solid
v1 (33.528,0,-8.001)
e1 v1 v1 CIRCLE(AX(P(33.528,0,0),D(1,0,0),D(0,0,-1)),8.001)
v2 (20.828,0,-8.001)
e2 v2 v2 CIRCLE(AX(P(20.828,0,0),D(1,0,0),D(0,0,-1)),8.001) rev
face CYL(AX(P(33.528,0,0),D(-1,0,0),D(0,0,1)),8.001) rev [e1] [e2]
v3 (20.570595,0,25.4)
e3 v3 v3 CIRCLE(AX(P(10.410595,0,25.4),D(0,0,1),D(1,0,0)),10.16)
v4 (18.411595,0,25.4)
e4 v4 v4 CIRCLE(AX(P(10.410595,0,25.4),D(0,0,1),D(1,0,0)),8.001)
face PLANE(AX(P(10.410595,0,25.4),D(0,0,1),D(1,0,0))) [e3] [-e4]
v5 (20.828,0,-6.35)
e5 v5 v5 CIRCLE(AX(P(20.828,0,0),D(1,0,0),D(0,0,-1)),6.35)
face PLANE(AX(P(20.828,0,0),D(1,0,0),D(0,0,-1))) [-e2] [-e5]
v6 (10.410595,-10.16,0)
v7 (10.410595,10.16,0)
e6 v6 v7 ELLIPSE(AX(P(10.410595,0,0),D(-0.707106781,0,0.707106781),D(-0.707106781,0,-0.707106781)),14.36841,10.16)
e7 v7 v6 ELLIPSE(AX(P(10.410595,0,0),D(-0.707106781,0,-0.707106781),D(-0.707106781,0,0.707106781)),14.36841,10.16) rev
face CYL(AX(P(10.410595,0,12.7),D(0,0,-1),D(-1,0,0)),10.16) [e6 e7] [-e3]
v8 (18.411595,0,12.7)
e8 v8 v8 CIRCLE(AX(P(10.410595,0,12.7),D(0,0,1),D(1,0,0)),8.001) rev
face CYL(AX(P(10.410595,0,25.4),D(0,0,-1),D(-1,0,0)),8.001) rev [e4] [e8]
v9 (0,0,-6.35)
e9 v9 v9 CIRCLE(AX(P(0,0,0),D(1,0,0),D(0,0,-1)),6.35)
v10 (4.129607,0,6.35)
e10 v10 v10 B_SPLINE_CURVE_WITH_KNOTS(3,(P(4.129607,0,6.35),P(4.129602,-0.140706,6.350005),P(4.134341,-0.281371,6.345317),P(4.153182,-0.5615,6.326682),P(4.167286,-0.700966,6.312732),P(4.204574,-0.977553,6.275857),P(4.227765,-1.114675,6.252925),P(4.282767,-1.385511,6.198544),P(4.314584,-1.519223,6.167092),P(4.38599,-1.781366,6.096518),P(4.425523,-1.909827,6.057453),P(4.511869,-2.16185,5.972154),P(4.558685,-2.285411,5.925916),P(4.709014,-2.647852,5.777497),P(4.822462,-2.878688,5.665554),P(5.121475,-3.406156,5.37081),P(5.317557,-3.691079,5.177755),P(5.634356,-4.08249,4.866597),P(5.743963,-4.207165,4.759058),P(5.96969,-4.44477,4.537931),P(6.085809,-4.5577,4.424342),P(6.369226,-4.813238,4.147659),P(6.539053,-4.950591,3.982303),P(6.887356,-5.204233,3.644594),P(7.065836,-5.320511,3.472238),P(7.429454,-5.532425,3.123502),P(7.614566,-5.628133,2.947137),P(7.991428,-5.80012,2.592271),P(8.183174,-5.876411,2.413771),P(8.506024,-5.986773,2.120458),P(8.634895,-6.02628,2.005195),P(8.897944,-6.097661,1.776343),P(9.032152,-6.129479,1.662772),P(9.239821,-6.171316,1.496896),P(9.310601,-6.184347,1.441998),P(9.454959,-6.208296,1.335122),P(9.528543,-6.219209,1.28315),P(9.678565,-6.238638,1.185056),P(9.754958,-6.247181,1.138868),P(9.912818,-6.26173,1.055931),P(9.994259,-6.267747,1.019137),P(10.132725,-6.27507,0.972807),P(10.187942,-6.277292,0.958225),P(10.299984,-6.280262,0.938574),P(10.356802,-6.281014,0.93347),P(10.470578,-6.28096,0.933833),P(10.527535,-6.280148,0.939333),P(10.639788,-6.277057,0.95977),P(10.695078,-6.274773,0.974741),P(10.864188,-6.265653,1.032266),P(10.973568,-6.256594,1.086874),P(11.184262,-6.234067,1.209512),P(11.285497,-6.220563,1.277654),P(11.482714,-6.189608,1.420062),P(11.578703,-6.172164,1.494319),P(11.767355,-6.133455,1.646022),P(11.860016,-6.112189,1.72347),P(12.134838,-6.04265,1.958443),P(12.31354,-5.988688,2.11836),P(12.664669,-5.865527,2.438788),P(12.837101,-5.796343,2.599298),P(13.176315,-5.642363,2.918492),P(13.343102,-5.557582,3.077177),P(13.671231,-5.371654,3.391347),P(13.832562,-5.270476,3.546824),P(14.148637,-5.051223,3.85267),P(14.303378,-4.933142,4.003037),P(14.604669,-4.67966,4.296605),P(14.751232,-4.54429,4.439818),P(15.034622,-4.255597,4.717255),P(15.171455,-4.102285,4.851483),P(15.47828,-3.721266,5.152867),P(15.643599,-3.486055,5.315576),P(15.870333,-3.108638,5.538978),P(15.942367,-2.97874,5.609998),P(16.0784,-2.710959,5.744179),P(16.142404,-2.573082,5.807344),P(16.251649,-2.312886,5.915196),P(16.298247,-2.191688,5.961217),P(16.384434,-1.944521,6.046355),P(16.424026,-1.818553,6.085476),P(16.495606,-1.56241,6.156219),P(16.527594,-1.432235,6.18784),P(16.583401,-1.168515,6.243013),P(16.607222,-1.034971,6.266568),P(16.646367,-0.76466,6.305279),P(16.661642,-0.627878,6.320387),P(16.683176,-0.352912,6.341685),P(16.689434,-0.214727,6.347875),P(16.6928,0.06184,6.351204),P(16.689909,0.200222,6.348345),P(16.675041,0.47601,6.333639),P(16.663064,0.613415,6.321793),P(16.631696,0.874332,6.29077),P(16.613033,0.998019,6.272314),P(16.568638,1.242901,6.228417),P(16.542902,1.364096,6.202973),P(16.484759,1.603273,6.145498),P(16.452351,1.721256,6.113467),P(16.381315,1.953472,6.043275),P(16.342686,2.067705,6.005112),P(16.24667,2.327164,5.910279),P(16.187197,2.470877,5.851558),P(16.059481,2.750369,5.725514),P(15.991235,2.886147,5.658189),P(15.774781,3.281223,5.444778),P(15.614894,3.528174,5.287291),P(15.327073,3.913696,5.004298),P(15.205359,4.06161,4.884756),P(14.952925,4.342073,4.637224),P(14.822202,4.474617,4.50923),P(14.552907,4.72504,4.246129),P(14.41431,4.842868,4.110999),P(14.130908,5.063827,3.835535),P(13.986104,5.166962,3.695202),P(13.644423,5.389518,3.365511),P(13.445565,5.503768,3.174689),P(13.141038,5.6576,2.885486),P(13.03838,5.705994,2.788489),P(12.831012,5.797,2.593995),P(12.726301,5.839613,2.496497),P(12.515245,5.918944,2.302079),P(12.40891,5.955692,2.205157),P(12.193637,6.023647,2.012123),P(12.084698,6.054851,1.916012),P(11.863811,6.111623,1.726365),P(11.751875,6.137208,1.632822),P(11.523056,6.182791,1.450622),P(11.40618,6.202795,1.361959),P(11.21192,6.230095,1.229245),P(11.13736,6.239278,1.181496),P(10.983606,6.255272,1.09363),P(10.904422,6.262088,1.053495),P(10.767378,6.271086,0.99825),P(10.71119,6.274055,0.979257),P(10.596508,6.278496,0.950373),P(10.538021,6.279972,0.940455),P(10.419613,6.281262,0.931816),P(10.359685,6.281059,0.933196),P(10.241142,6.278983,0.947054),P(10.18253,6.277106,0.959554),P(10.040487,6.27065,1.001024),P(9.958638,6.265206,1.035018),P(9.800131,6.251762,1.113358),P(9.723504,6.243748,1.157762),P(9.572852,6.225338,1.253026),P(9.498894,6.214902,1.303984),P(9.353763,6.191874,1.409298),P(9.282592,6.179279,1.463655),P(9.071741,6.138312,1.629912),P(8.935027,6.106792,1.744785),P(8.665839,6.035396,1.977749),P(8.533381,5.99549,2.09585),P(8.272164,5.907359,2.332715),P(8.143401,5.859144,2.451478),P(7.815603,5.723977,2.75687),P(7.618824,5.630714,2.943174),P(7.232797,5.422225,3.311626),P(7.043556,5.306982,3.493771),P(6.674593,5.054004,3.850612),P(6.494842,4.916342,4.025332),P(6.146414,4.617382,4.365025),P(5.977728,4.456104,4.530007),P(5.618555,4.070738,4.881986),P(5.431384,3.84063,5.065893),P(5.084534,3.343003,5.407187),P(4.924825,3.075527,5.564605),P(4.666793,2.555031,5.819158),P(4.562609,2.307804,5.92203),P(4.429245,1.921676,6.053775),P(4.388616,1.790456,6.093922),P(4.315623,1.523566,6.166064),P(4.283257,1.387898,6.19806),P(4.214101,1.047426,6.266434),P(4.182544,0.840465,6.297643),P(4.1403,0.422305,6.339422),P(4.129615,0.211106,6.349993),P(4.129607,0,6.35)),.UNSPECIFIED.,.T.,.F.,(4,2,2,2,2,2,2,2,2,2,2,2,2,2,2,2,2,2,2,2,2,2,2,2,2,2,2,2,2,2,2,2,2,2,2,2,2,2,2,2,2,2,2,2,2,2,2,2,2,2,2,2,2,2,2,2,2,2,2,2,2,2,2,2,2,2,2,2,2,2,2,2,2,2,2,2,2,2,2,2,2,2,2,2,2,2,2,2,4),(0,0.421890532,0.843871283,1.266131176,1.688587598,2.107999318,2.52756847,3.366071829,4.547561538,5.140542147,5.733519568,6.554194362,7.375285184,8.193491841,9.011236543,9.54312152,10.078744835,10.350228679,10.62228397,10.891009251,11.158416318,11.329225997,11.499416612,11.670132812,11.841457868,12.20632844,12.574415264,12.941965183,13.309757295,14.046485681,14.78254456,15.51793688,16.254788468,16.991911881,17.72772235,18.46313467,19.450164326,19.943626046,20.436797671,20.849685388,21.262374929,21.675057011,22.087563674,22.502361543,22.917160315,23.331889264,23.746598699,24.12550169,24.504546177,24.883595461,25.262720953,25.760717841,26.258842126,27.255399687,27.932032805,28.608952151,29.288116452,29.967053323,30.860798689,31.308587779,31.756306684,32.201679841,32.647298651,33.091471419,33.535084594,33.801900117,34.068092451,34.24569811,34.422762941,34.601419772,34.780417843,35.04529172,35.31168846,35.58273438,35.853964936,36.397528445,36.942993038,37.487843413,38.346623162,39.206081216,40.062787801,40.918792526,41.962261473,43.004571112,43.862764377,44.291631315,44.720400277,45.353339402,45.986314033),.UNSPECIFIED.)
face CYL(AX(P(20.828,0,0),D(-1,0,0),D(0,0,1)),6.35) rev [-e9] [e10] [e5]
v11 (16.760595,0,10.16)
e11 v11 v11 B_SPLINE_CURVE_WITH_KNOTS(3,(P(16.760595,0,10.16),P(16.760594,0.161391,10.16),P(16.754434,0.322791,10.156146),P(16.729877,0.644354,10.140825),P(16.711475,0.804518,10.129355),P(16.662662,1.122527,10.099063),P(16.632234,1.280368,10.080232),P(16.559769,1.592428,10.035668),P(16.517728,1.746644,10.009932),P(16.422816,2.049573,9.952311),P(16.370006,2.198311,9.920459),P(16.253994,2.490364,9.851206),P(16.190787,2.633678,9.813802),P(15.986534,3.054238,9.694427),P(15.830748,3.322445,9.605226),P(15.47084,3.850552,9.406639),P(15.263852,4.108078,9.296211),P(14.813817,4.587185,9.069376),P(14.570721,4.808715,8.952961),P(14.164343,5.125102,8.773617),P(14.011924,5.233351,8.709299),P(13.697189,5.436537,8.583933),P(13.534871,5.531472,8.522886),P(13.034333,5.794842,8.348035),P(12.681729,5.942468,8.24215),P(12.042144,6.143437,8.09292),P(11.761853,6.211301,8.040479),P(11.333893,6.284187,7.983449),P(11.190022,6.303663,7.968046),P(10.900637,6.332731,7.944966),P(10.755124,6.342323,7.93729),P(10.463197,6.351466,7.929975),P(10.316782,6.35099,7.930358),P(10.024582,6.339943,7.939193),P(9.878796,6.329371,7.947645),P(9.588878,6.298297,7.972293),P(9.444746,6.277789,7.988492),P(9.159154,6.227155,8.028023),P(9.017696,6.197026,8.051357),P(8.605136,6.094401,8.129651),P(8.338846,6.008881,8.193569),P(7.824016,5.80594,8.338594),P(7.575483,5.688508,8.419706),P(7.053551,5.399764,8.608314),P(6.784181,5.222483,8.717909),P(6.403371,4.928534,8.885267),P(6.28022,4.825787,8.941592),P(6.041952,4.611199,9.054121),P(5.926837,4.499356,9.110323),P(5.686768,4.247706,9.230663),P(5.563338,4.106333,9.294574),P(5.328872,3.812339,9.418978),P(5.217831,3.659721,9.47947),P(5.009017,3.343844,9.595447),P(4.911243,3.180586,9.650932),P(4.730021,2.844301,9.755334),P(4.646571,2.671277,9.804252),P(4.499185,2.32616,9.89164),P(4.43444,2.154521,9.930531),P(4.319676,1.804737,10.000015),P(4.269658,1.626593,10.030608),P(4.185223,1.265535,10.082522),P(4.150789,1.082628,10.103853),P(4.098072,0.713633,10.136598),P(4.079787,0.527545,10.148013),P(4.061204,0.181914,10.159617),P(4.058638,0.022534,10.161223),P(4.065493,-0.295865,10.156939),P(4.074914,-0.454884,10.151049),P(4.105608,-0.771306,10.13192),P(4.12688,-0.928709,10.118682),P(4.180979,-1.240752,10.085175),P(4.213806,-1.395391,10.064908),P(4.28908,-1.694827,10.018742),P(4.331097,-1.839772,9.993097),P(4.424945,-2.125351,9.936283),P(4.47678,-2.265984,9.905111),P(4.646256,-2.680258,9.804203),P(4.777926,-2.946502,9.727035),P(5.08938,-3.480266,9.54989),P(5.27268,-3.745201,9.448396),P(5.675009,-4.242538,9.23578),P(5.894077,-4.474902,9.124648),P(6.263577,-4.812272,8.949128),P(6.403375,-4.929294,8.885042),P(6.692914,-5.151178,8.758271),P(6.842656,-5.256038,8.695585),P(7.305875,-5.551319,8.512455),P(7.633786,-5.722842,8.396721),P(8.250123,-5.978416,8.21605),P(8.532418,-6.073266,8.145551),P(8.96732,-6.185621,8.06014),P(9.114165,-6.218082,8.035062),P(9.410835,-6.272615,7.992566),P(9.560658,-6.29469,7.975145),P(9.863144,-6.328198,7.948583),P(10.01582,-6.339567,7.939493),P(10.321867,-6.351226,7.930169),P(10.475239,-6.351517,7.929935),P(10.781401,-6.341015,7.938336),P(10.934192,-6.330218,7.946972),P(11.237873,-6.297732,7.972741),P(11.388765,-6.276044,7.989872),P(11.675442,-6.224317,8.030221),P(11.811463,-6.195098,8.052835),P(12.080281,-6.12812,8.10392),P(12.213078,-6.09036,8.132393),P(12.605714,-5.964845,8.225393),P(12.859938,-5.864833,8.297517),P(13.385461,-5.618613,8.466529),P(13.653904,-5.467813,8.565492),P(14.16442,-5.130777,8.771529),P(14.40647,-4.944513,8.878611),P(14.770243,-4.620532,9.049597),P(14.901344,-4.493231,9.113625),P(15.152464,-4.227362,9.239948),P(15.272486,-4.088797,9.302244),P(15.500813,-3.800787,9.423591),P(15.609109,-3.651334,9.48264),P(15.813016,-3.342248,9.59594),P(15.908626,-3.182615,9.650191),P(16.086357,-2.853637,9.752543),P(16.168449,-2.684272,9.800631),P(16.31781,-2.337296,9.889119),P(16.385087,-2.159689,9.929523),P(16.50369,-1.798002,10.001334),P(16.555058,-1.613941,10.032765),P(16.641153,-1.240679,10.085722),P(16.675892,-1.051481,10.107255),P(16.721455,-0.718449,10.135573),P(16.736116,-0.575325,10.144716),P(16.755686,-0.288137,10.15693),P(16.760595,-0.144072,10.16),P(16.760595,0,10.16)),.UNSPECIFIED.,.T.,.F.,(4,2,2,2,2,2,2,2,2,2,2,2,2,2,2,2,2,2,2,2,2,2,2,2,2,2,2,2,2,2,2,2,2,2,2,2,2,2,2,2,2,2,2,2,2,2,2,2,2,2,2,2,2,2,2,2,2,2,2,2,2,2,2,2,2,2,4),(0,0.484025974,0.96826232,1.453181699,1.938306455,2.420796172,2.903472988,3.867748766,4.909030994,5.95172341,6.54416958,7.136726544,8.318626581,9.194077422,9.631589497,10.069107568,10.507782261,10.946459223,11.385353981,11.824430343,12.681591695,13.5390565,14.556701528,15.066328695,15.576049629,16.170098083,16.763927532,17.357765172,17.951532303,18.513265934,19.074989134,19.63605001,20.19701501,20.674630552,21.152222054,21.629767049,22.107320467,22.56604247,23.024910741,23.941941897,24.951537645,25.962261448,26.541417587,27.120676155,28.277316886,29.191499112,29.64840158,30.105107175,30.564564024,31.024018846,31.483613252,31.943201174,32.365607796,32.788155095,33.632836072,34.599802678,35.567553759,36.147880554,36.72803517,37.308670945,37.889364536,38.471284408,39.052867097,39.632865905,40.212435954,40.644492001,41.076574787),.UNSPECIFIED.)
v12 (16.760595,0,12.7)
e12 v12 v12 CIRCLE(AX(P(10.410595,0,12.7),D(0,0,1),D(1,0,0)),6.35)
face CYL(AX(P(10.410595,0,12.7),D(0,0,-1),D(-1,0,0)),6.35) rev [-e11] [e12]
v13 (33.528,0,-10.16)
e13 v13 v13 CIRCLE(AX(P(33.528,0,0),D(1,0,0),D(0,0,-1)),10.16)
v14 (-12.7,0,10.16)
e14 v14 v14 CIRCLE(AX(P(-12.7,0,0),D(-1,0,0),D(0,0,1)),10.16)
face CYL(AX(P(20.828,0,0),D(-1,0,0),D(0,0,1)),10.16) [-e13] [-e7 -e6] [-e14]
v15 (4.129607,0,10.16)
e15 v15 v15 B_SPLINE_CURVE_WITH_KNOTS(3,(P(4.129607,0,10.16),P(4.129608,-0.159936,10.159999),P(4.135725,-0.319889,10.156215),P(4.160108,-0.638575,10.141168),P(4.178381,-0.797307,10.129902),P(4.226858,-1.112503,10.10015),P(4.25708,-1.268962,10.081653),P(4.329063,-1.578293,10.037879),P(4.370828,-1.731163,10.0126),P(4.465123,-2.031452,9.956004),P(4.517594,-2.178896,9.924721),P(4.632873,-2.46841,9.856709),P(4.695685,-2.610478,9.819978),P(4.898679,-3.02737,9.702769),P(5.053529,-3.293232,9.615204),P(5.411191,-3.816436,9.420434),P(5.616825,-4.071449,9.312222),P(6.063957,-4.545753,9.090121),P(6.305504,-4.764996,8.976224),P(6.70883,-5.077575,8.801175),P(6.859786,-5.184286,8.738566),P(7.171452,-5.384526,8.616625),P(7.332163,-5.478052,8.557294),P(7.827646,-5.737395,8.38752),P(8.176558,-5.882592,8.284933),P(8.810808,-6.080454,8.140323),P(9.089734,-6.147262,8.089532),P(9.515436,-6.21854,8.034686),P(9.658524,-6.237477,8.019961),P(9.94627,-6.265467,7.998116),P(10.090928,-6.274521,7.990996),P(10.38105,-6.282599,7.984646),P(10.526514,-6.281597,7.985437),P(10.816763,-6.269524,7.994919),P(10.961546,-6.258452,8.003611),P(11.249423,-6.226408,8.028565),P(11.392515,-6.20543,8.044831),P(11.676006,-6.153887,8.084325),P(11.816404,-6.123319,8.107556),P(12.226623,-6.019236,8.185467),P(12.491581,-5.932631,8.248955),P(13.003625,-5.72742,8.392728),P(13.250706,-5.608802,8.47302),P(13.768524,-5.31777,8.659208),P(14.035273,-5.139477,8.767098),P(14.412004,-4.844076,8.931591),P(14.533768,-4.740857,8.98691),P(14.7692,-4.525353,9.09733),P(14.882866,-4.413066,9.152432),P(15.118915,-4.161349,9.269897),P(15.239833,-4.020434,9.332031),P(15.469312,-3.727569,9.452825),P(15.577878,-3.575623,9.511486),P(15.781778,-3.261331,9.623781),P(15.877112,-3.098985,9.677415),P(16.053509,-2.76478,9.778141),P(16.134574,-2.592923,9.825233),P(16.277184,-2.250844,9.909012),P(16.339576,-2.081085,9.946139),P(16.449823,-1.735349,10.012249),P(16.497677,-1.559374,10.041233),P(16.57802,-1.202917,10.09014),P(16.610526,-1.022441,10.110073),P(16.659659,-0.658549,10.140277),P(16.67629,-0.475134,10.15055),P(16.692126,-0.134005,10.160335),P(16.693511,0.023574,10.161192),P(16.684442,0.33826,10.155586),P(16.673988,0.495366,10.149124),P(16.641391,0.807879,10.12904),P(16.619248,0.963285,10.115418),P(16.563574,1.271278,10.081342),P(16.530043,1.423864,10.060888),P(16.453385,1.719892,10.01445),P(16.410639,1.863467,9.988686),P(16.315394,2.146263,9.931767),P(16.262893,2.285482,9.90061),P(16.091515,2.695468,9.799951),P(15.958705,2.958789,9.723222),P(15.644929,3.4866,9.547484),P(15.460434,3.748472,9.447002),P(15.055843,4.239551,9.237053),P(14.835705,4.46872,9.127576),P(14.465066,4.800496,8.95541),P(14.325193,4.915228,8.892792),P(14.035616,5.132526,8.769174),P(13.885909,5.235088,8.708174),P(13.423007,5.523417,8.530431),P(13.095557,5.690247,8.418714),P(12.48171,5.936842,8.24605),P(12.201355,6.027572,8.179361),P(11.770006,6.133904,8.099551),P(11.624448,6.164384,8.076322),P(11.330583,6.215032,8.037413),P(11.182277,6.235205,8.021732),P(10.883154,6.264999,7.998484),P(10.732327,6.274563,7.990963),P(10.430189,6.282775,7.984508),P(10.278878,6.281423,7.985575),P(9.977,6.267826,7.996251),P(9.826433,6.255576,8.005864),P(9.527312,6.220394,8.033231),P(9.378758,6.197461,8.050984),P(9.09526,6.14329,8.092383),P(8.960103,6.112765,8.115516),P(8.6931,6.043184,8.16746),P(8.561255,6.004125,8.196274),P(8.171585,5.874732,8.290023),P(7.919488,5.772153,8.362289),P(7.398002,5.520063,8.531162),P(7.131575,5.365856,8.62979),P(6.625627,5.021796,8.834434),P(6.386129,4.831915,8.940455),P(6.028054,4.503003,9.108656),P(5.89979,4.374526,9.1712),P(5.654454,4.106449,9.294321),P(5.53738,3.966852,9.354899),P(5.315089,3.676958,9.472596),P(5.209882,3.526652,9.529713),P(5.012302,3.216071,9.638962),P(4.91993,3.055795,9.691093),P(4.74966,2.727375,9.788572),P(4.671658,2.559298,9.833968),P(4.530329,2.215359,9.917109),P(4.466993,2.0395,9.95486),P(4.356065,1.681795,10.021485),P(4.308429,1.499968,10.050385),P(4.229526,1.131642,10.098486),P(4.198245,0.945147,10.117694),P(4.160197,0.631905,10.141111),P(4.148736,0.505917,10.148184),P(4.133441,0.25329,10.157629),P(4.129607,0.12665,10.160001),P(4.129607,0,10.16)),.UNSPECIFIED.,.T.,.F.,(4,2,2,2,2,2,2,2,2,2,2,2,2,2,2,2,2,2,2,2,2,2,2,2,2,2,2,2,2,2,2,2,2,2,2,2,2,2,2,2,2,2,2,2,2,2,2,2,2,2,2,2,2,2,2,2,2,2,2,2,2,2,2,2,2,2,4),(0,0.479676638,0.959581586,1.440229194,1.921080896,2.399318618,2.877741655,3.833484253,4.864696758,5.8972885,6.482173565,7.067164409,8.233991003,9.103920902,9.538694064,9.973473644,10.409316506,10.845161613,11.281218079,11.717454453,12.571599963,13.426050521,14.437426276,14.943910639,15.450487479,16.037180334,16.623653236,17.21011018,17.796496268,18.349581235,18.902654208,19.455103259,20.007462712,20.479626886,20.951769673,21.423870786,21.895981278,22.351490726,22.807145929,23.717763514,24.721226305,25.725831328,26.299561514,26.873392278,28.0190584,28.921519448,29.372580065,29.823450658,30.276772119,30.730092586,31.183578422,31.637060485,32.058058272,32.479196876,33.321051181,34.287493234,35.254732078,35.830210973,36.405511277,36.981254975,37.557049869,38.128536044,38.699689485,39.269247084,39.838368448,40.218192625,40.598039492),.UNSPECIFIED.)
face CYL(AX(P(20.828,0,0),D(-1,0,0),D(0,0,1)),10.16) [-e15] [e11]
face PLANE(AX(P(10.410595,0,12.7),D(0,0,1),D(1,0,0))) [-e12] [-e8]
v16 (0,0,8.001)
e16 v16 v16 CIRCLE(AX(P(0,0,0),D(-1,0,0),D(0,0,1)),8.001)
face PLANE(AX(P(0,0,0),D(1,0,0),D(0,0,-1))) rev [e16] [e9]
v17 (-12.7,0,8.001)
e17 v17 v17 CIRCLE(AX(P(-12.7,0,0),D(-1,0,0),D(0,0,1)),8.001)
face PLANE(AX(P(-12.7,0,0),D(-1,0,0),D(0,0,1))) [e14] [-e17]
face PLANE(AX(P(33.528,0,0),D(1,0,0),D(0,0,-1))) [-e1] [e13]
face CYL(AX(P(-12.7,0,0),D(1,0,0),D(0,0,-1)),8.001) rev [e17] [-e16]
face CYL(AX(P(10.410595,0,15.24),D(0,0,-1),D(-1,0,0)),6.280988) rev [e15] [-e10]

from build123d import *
from build123d.topology import SkipClean

# Parameters (mm, degrees)
SKETCH1_R               = 10.16
SKETCH1_R_2             = 6.35
BOSS_EXTRUDE2_DEPTH     = 20.828
SKETCH8_R               = 10.16
SKETCH8_R_2             = 6.35
BOSS_EXTRUDE5_DEPTH     = 12.7
BOSS_EXTRUDE6_START     = 12.7
SKETCH2_R               = 10.16
SKETCH2_R_2             = 8.001
BOSS_EXTRUDE6_DEPTH     = 12.7
SKETCH3_R               = 10.16
SKETCH3_R_2             = 8.001
BOSS_EXTRUDE7_DEPTH     = 12.7
SKETCH9_R               = 10.16
SKETCH9_R_2             = 8.001
BOSS_EXTRUDE8_DEPTH     = 12.7
CUT_EXTRUDE1_DEPTH      = 15.24
CUT_EXTRUDE1_DEPTH_BACK = 0.0001
SKETCH10_R              = 6.280987547
CUT_EXTRUDE2_DEPTH      = 25.4
CUT_EXTRUDE2_DEPTH_BACK = 0.0001
SKETCH11_R              = 6.35


with BuildPart() as part:
    # Sketch1 → Boss-Extrude2 (new body)
    with BuildSketch(Plane(origin=(0, 0, 0), x_dir=(0, 0, -1), z_dir=(1, 0, 0))):
        Circle(SKETCH1_R)
        Circle(SKETCH1_R_2, mode=Mode.SUBTRACT)
    extrude(amount=BOSS_EXTRUDE2_DEPTH)

    # Sketch8 → Boss-Extrude5 (add)
    with BuildSketch(Plane.XY):
        with Locations((10.410594778, 0)):
            Circle(SKETCH8_R)
        with Locations((10.410594778, 0)):
            Circle(SKETCH8_R_2, mode=Mode.SUBTRACT)
    extrude(amount=BOSS_EXTRUDE5_DEPTH)

    # Sketch2 → Boss-Extrude6 (add)
    with BuildSketch(Plane.ZY.offset(BOSS_EXTRUDE6_START)):
        Circle(SKETCH2_R)
        Circle(SKETCH2_R_2, mode=Mode.SUBTRACT)
    extrude(amount=-BOSS_EXTRUDE6_DEPTH)

    # Sketch3 → Boss-Extrude7 (add)
    with SkipClean():  # the faces are left unmerged after this step: merging them gives an invalid solid
        with BuildSketch(Plane(origin=(20.828, 0, 0), x_dir=(0, 0, -1), z_dir=(1, 0, 0))):
            Circle(SKETCH3_R)
            Circle(SKETCH3_R_2, mode=Mode.SUBTRACT)
        extrude(amount=BOSS_EXTRUDE7_DEPTH)

    # Sketch9 → Boss-Extrude8 (add)
    with SkipClean():  # the faces are left unmerged after this step: merging them gives an invalid solid
        with BuildSketch(Plane.XY.offset(12.7)):
            with Locations((10.410594778, 0)):
                Circle(SKETCH9_R)
            with Locations((10.410594778, 0)):
                Circle(SKETCH9_R_2, mode=Mode.SUBTRACT)
        extrude(amount=BOSS_EXTRUDE8_DEPTH)

    # Sketch10 → Cut-Extrude1 (cut, two sides: drawn at the far end of the back side and taken through both)
    with SkipClean():  # the faces are left unmerged after this step: merging them gives an invalid solid
        with BuildSketch(Plane.XY.offset(-CUT_EXTRUDE1_DEPTH_BACK)):
            with Locations((10.410594778, 0)):
                Circle(SKETCH10_R)
        extrude(amount=CUT_EXTRUDE1_DEPTH + CUT_EXTRUDE1_DEPTH_BACK, mode=Mode.SUBTRACT)

    # Sketch11 → Cut-Extrude2 (cut, two sides: drawn at the far end of the back side and taken through both)
    with SkipClean():  # the faces are left unmerged after this step: merging them gives an invalid solid
        with BuildSketch(Plane(origin=(0, 0, 0), x_dir=(0, 0, -1), z_dir=(1, 0, 0)).offset(-CUT_EXTRUDE2_DEPTH_BACK)):
            Circle(SKETCH11_R)
        extrude(amount=CUT_EXTRUDE2_DEPTH + CUT_EXTRUDE2_DEPTH_BACK, mode=Mode.SUBTRACT)


solid = part.part
